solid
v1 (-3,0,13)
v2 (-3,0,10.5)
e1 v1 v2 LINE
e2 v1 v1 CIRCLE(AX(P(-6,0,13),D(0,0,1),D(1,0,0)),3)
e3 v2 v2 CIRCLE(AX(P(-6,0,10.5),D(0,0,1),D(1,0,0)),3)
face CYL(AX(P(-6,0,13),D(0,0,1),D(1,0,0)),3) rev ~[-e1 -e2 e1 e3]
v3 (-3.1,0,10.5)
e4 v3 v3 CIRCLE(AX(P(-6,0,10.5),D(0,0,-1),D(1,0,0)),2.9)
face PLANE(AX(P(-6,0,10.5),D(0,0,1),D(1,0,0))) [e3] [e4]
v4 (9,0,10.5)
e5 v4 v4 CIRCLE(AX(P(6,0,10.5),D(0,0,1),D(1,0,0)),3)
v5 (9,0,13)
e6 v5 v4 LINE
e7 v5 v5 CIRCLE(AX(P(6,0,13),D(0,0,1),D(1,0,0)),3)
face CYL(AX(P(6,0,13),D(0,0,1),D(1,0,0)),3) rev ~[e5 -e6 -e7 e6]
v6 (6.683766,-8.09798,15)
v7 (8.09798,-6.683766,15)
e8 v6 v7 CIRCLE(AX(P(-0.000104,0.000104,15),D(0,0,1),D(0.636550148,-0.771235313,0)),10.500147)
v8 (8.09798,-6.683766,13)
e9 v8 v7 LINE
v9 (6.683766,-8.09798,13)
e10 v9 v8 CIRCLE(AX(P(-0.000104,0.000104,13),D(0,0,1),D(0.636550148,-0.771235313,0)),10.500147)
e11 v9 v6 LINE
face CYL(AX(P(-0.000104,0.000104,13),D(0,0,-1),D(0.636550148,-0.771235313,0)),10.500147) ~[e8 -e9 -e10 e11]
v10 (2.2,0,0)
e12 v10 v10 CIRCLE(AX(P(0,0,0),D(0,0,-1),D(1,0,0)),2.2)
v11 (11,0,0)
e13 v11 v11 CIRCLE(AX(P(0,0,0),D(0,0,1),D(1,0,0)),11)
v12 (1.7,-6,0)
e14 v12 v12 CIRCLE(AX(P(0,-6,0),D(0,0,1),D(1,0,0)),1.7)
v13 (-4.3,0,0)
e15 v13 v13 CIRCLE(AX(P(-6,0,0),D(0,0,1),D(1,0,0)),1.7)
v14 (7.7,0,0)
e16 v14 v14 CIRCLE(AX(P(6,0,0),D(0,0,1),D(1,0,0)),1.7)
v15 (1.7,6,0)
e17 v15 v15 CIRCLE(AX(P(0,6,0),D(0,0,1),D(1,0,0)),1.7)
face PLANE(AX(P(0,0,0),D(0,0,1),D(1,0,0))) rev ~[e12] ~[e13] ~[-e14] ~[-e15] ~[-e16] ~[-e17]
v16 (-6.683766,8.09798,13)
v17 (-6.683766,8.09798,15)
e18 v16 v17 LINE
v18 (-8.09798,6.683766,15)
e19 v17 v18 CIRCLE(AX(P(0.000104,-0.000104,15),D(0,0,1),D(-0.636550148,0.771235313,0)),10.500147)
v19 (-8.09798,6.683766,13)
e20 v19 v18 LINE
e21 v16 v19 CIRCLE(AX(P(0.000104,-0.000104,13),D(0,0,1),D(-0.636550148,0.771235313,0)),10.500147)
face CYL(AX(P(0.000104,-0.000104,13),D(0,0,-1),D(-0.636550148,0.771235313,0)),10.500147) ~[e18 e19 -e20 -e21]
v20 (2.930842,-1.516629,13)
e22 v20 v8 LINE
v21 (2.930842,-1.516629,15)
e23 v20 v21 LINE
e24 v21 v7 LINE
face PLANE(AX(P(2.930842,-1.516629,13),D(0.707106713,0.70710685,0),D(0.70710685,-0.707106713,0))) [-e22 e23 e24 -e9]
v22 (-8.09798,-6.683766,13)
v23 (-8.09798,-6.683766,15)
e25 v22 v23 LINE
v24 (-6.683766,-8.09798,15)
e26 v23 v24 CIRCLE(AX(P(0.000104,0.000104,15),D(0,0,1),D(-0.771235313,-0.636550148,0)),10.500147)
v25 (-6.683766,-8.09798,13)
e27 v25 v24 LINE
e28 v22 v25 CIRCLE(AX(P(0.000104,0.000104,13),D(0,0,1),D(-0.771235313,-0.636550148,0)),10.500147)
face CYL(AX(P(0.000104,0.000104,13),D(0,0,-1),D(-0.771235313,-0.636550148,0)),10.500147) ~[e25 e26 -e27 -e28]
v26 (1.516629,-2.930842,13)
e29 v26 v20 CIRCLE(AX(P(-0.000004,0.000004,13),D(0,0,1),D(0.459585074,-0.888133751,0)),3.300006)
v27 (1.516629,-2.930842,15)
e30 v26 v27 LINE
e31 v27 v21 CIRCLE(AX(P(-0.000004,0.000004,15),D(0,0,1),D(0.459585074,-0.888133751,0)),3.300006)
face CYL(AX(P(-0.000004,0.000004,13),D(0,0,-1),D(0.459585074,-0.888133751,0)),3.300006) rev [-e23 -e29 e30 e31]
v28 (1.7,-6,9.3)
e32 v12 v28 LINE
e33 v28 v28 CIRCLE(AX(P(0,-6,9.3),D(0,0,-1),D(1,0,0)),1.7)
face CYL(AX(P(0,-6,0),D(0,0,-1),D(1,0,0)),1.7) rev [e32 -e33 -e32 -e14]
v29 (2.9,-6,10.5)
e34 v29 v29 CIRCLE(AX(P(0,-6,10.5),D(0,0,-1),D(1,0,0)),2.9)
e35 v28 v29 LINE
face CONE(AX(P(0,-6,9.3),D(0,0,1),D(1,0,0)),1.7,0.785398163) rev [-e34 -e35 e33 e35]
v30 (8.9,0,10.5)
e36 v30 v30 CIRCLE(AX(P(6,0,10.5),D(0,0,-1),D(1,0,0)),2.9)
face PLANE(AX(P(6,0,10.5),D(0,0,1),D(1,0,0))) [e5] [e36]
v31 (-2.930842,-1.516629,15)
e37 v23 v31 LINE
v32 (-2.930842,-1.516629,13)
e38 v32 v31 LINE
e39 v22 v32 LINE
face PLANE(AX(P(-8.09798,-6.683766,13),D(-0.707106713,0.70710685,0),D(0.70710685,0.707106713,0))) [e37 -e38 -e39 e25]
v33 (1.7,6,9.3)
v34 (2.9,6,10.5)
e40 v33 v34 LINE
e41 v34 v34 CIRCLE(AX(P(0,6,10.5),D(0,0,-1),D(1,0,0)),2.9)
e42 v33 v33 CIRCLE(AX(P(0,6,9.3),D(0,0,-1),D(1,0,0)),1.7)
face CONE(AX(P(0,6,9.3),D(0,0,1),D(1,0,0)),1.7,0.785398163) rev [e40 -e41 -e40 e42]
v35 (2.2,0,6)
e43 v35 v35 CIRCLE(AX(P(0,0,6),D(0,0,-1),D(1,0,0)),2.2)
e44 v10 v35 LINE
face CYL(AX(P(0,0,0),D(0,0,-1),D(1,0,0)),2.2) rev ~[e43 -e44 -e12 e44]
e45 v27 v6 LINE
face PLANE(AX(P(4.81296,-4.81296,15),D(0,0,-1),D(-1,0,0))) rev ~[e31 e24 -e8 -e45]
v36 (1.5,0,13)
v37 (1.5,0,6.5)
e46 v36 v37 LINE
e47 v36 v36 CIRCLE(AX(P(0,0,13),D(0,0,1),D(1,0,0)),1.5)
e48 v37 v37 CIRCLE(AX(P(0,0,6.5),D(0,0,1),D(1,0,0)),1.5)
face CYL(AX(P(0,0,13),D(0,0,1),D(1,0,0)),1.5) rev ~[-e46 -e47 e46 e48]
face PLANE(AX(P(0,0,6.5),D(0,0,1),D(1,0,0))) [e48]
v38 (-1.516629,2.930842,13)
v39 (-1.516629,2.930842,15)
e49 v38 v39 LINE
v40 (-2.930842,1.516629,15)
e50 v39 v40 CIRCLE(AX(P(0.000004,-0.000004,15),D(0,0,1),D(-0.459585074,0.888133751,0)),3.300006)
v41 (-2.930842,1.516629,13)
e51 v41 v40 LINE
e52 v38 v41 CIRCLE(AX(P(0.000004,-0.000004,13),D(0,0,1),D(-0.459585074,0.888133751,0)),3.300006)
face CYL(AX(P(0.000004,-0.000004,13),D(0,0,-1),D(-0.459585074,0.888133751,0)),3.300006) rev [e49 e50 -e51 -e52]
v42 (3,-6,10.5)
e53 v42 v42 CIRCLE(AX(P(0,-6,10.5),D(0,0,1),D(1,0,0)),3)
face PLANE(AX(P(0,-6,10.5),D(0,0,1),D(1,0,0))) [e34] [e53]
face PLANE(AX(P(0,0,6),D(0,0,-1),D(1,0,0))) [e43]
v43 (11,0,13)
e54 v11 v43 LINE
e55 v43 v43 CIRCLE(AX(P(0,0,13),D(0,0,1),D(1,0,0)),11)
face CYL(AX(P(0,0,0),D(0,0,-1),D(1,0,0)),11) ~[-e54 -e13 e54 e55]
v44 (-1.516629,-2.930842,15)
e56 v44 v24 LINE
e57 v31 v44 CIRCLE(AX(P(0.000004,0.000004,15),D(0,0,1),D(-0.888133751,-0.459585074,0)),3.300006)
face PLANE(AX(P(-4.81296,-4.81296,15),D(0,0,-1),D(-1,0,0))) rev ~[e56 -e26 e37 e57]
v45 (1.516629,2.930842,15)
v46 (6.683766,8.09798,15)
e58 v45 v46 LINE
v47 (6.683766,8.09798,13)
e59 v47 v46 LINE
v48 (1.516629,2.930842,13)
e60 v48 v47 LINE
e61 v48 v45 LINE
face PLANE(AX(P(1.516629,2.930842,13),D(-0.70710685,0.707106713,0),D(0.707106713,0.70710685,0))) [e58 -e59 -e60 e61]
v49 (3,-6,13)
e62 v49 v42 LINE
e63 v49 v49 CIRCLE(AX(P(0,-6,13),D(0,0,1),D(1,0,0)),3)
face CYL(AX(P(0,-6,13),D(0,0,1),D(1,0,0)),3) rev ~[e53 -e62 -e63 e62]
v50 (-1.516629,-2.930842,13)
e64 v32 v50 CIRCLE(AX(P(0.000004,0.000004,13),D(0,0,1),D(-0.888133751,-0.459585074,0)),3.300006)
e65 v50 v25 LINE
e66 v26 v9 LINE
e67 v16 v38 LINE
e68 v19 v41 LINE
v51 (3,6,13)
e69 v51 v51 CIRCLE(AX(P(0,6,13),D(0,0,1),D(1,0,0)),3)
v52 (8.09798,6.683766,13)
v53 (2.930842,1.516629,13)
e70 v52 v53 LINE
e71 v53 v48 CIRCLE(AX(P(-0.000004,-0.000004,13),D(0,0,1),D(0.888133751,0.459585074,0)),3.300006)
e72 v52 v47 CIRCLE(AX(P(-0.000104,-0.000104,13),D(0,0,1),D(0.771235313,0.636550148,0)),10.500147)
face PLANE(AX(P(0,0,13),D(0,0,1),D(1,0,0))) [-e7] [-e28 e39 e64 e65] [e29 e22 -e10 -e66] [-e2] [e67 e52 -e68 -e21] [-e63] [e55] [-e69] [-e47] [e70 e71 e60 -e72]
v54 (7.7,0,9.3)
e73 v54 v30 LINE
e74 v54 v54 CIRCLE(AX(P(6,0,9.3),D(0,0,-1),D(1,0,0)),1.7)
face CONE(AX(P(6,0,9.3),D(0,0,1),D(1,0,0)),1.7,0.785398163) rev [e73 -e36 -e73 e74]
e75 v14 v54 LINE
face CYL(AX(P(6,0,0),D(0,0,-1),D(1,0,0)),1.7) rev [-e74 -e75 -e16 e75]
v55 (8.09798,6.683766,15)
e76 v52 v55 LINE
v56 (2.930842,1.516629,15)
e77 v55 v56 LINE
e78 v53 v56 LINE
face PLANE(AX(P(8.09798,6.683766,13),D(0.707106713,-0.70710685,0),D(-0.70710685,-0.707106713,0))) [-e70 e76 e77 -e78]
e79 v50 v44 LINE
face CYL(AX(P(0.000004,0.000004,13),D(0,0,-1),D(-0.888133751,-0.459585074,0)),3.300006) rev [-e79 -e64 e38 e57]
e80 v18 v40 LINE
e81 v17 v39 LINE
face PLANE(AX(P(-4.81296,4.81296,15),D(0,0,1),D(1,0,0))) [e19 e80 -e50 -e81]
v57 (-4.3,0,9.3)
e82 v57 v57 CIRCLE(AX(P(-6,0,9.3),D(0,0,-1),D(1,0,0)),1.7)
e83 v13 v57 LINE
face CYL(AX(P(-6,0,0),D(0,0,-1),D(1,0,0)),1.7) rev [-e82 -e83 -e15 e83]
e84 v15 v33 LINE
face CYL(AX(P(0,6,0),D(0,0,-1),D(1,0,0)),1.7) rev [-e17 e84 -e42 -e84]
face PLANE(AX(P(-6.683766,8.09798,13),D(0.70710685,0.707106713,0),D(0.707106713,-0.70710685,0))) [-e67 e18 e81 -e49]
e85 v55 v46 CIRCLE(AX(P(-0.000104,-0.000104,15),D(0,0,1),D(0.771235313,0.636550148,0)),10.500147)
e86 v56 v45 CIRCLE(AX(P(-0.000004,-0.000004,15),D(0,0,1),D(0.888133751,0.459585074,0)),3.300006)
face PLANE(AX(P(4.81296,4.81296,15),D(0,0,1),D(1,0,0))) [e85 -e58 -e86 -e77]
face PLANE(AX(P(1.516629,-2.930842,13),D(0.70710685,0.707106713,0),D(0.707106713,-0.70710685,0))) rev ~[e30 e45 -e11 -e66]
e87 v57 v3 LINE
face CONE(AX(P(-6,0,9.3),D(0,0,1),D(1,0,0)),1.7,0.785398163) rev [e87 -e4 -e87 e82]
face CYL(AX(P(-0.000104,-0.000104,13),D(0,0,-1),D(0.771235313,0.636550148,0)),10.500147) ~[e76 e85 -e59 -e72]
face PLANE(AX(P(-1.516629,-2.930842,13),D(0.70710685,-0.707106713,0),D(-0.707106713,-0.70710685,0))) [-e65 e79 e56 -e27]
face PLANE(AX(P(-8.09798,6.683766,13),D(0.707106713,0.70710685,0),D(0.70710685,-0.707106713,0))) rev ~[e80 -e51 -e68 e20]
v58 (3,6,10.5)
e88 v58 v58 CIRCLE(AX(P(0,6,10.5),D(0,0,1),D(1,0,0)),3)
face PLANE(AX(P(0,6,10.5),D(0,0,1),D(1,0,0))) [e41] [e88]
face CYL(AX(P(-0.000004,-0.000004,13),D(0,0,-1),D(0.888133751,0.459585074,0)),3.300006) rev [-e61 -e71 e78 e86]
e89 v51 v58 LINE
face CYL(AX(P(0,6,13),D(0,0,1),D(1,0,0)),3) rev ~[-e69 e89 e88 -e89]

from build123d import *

# Parameters (mm, degrees)
SKETCH_R        = 11
SKETCH_R_2      = 1.7
PAD_DEPTH       = 13
SKETCH003_R     = 1.5
POCKET001_DEPTH = 6.5
PAD001_DEPTH    = 2
SKETCH006_R     = 3
POCKET003_DEPTH = 2.5
CHAMFER_SIZE    = 1.2
CHAMFER001_SIZE = 1.2
CHAMFER002_SIZE = 1.2
CHAMFER003_SIZE = 1.2
SKETCH007_R     = 2.2
POCKET_DEPTH    = 6


with BuildPart() as part:
    # Sketch → Pad (new body)
    with BuildSketch(Plane.XY):
        Circle(SKETCH_R)
        with Locations((0, 6)):
            Circle(SKETCH_R_2, mode=Mode.SUBTRACT)
        with Locations((-6, 0)):
            Circle(SKETCH_R_2, mode=Mode.SUBTRACT)
        with Locations((6, 0)):
            Circle(SKETCH_R_2, mode=Mode.SUBTRACT)
        with Locations((0, -6)):
            Circle(SKETCH_R_2, mode=Mode.SUBTRACT)
    extrude(amount=PAD_DEPTH)

    # Sketch003 → Pocket001 (cut)
    with BuildSketch(Plane.XY.offset(13)):
        Circle(SKETCH003_R)
    extrude(amount=-POCKET001_DEPTH, mode=Mode.SUBTRACT)

    # Sketch004 → Pad001 (new body)
    with BuildSketch(Plane.XY.offset(13)):
        with BuildLine():
            Line((-8.09798, 6.683766), (-2.930842, 1.516629))
            ThreePointArc((-1.516629, 2.930842), (-2.333452, 2.333452), (-2.930842, 1.516629))
            Line((-6.683766, 8.09798), (-1.516629, 2.930842))
            ThreePointArc((-6.683766, 8.09798), (-7.424621, 7.424621), (-8.09798, 6.683766))
        make_face()
        with BuildLine():
            Line((2.930842, -1.516629), (8.09798, -6.683766))
            ThreePointArc((6.683766, -8.09798), (7.424621, -7.424621), (8.09798, -6.683766))
            Line((1.516629, -2.930842), (6.683766, -8.09798))
            ThreePointArc((1.516629, -2.930842), (2.333452, -2.333452), (2.930842, -1.516629))
        make_face()
        with BuildLine():
            ThreePointArc((8.09798, 6.683766), (7.424621, 7.424621), (6.683766, 8.09798))
            Line((1.516629, 2.930842), (6.683766, 8.09798))
            ThreePointArc((2.930842, 1.516629), (2.333452, 2.333452), (1.516629, 2.930842))
            Line((8.09798, 6.683766), (2.930842, 1.516629))
        make_face()
        with BuildLine():
            ThreePointArc((-2.930842, -1.516629), (-2.333452, -2.333452), (-1.516629, -2.930842))
            Line((-1.516629, -2.930842), (-6.683766, -8.09798))
            ThreePointArc((-8.09798, -6.683766), (-7.424621, -7.424621), (-6.683766, -8.09798))
            Line((-8.09798, -6.683766), (-2.930842, -1.516629))
        make_face()
    extrude(amount=PAD001_DEPTH)

    # Sketch006 → Pocket003 (cut)
    with BuildSketch(Plane.XY.offset(13)):
        with Locations((0, 6)):
            Circle(SKETCH006_R)
        with Locations((-6, 0)):
            Circle(SKETCH006_R)
        with Locations((6, 0)):
            Circle(SKETCH006_R)
        with Locations((0, -6)):
            Circle(SKETCH006_R)
    extrude(amount=-POCKET003_DEPTH, mode=Mode.SUBTRACT)

    # Chamfer
    chamfer_edges = [part.edges().sort_by_distance(p)[0] for p in [
        (-1.7, 6, 10.5),
    ]]
    chamfer(chamfer_edges, length=CHAMFER_SIZE)

    # Chamfer001
    chamfer001_edges = [part.edges().sort_by_distance(p)[0] for p in [
        (-7.7, 0, 10.5),
    ]]
    chamfer(chamfer001_edges, length=CHAMFER001_SIZE)

    # Chamfer002
    chamfer002_edges = [part.edges().sort_by_distance(p)[0] for p in [
        (-1.7, -6, 10.5),
    ]]
    chamfer(chamfer002_edges, length=CHAMFER002_SIZE)

    # Chamfer003
    chamfer003_edges = [part.edges().sort_by_distance(p)[0] for p in [
        (4.3, 0, 10.5),
    ]]
    chamfer(chamfer003_edges, length=CHAMFER003_SIZE)

    # Sketch007 → Pocket (cut)
    with BuildSketch(Plane(origin=(0, 0, 0), x_dir=(1, 0, 0), z_dir=(0, 0, -1))):
        Circle(SKETCH007_R)
    extrude(amount=-POCKET_DEPTH, mode=Mode.SUBTRACT)


solid = part.part
